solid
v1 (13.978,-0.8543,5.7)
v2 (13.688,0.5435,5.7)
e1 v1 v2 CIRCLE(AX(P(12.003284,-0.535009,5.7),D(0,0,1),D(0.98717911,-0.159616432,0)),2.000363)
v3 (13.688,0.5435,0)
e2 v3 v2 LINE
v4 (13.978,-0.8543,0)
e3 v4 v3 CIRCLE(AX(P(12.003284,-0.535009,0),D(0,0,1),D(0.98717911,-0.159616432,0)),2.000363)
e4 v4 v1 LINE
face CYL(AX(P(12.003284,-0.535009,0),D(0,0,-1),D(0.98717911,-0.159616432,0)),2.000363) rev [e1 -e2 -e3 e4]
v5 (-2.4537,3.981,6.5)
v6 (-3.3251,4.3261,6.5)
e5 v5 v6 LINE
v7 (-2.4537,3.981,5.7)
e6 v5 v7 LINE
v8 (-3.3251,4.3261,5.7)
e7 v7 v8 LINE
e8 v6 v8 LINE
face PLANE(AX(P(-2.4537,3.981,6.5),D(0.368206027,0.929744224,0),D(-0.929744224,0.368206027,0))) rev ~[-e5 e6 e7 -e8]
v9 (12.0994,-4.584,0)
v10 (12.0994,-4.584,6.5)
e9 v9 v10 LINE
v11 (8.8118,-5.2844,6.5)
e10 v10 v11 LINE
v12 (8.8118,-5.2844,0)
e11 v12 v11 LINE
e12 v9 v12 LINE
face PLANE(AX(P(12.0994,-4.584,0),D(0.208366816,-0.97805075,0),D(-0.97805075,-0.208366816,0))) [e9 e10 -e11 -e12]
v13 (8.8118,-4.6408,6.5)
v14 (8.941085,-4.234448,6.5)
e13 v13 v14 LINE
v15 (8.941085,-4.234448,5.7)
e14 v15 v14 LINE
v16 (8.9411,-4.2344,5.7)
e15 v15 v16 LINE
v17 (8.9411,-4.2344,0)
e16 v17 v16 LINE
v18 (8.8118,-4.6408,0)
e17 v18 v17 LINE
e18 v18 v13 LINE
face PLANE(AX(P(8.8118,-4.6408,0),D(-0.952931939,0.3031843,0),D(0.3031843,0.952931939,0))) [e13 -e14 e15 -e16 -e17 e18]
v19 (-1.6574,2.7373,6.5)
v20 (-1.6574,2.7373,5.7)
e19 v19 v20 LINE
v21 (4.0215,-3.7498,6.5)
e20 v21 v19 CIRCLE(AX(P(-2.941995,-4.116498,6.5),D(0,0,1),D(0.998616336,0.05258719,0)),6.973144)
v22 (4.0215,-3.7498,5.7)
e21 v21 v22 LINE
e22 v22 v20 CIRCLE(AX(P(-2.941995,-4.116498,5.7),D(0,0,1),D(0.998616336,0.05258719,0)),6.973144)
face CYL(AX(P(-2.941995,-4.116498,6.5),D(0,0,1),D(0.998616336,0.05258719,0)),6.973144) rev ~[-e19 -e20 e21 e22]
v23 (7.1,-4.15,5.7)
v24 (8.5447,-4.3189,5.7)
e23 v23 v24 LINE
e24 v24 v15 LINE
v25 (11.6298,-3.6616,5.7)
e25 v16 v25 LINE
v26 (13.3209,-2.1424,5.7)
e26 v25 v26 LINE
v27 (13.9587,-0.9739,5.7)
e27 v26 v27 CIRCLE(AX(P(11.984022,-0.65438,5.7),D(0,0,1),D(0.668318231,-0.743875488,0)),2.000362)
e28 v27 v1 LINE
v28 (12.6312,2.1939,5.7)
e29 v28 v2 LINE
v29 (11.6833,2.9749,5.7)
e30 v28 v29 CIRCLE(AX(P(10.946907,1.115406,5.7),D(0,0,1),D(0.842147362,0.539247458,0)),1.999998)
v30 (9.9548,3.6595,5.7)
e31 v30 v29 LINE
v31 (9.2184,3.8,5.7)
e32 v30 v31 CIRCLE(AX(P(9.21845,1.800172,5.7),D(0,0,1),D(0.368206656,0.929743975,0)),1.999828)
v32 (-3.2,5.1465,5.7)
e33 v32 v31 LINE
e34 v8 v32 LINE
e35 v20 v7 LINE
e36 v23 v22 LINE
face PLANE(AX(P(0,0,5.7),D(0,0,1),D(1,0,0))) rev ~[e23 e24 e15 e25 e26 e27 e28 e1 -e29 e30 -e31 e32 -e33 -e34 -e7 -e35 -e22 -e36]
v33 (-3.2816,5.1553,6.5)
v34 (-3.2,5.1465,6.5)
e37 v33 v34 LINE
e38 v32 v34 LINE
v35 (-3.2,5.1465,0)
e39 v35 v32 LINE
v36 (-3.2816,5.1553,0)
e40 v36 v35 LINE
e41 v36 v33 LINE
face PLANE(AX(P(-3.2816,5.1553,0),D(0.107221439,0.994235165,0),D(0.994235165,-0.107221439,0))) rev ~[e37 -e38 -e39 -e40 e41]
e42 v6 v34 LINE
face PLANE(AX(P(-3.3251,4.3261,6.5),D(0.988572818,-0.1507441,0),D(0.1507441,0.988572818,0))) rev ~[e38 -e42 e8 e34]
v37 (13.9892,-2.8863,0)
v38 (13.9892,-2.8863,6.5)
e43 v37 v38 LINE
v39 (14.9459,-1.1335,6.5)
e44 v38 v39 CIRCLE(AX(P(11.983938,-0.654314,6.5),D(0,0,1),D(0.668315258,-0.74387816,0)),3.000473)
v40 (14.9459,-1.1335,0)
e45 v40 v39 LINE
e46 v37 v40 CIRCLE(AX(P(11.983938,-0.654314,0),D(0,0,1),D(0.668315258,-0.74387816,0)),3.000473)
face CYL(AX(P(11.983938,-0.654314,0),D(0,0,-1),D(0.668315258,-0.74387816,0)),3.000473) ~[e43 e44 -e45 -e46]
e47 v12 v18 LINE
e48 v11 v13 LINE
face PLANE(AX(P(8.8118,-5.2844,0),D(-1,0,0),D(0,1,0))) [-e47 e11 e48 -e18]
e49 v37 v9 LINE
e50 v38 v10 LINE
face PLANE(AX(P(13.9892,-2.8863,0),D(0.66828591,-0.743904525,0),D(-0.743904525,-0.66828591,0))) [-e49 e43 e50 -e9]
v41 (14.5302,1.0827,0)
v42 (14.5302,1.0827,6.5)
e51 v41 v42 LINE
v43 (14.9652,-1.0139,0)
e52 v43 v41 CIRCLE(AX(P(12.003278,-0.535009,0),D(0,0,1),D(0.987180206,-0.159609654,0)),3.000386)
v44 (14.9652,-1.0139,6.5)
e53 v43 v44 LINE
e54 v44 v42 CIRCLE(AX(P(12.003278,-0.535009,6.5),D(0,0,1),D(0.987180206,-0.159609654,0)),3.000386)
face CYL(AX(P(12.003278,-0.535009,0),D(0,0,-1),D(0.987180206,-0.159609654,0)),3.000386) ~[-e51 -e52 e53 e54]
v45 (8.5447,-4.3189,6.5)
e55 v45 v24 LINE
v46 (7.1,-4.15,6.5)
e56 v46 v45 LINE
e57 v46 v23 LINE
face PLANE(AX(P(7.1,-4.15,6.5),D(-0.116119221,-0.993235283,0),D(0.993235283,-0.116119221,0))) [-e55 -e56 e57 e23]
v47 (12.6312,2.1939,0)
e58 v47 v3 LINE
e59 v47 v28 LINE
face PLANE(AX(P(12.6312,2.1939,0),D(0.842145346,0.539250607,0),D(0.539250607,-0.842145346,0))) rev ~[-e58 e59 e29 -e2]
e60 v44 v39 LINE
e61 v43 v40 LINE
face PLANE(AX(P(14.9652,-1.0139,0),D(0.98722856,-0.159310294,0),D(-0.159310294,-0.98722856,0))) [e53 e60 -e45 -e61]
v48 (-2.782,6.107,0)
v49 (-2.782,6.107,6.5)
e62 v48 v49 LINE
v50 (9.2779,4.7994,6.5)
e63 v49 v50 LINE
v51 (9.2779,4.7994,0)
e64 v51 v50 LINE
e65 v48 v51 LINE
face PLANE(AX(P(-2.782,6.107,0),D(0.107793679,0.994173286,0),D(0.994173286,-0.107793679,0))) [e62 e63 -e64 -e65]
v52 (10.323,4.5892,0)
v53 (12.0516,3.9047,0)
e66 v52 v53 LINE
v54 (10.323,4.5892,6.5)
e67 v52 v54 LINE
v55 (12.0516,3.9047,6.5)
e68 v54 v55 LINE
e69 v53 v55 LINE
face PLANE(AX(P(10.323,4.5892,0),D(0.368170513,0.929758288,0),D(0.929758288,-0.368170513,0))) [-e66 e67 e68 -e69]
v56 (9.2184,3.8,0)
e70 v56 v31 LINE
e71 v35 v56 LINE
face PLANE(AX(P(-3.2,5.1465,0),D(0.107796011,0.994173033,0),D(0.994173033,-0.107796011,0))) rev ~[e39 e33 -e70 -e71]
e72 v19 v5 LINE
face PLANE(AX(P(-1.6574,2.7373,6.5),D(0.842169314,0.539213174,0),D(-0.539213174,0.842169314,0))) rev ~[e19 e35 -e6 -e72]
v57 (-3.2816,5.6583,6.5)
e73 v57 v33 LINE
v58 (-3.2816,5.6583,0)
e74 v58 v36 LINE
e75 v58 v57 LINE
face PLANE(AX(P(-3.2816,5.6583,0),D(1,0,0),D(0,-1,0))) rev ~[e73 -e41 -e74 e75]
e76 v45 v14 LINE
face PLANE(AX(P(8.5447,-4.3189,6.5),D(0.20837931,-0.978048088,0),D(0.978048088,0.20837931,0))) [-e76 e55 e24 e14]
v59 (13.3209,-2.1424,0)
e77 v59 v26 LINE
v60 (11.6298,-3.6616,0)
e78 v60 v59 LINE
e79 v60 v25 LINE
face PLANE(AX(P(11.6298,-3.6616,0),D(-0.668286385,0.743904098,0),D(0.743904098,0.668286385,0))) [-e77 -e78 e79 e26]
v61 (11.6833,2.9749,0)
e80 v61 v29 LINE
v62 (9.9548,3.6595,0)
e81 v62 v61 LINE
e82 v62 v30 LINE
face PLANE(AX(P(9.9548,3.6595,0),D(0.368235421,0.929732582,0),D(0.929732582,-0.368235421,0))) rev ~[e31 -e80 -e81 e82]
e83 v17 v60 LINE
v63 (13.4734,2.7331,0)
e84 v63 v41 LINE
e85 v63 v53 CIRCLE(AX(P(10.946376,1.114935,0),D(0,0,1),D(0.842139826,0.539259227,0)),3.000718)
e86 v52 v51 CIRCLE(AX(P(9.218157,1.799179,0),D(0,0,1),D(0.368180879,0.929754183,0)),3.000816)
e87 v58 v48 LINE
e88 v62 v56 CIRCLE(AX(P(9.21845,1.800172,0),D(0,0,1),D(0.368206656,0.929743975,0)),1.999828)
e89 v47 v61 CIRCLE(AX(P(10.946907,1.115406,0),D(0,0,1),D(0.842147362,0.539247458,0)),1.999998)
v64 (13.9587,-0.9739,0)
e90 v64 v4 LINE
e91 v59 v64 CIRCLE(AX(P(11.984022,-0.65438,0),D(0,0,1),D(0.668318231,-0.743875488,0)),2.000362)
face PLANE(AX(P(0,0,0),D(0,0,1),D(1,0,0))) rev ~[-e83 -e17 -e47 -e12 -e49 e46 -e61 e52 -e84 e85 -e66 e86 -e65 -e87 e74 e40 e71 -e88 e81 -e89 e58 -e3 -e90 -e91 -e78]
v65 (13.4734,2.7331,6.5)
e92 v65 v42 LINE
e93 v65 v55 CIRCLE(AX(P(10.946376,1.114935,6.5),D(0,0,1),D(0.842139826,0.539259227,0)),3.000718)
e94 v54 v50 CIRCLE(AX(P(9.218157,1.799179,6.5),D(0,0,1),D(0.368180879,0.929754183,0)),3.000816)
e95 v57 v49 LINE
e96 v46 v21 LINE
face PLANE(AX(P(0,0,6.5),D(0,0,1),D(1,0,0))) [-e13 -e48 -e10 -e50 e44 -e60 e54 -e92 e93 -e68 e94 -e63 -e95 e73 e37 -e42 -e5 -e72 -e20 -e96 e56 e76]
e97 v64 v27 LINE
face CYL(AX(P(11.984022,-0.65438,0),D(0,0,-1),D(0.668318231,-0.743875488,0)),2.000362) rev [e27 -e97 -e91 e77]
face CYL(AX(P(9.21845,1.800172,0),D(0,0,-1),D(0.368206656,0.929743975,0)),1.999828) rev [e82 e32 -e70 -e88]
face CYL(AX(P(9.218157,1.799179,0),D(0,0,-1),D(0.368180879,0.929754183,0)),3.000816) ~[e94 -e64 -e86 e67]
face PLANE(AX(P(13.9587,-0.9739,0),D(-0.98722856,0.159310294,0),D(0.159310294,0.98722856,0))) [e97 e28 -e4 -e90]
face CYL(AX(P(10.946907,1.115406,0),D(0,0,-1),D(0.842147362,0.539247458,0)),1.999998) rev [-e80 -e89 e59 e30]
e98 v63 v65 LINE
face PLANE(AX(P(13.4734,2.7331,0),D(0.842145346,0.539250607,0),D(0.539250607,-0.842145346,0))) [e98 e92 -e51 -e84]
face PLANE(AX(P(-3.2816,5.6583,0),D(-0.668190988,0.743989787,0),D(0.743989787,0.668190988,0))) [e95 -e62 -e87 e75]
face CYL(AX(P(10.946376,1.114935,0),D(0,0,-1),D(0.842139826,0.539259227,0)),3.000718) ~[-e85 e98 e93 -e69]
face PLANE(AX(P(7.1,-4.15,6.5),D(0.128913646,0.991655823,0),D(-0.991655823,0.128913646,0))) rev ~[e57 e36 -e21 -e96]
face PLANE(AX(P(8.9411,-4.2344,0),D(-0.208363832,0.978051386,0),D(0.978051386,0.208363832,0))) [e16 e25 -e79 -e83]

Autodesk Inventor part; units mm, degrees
ref_plane "YZ Plane" through (0, 0, 0) normal (1, 0, 0) x (0, 1, 0)
ref_plane "XZ Plane" through (0, 0, 0) normal (0, 1, 0) x (-1, 0, 0)
ref_plane "XY Plane" through (0, 0, 0) normal (0, 0, 1) x (1, 0, 0)
sketch "Boceto1" plane through (0, 0, 0) normal (0, 0, 1) x (1, 0, 0)
  line L0 (8.9411, -4.2344) -> (11.6298, -3.6616)
  line L1 (11.6298, -3.6616) -> (13.3209, -2.1424)
  arc A0 (13.3209, -2.1424) -> (13.9587, -0.9739) centre (11.9843, -0.6546) ccw
  line L2 (13.9587, -0.9739) -> (13.978, -0.8543)
  arc A1 (9.9548, 3.6595) -> (9.2184, 3.8) centre (9.2184, 1.8) ccw
  line L3 (9.9548, 3.6595) -> (11.6833, 2.9749)
  arc A2 (12.6312, 2.1939) -> (11.6833, 2.9749) centre (10.9469, 1.1154) ccw
  line L4 (12.6312, 2.1939) -> (13.688, 0.5435)
  line L5 (14.1, 2.7373) -> (14.1, -1.982) construction
  arc A3 (13.978, -0.8543) -> (13.688, 0.5435) centre (12.0037, -0.535) ccw
  line L6 (-3.2, 5.1465) -> (9.2184, 3.8)
  arc A4 (10.323, 4.5892) -> (9.2779, 4.7994) centre (9.2184, 1.8) ccw
  line L7 (10.323, 4.5892) -> (12.0516, 3.9047)
  arc A5 (13.4734, 2.7331) -> (12.0516, 3.9047) centre (10.9469, 1.1154) ccw
  line L8 (13.4734, 2.7331) -> (14.5302, 1.0827)
  arc A6 (14.9652, -1.0139) -> (14.5302, 1.0827) centre (12.0037, -0.535) ccw
  line L9 (14.9652, -1.0139) -> (14.9459, -1.1335)
  arc A7 (13.9892, -2.8863) -> (14.9459, -1.1335) centre (11.9843, -0.6546) ccw
  line L10 (13.9892, -2.8863) -> (12.0994, -4.584)
  line L11 (12.0994, -4.584) -> (8.8118, -5.2844)
  line L12 (-2.782, 6.107) -> (9.2779, 4.7994)
  line L13 (9.2184, 3.8) -> (-3.2, 5.1465)
  line L14 (-3.2816, 5.1553) -> (-3.2, 5.1465)
  line L15 (8.8118, -4.6408) -> (8.9411, -4.2344)
  line L16 (-3.2816, 5.6583) -> (-2.782, 6.107)
  line L17 (-3.2816, 5.6583) -> (-3.2816, 5.1553)
  line L18 (8.8118, -5.2844) -> (8.8118, -4.6408)
  point P0 (0, 0)
  point P1 (14.1, -0.1)
  point P2 (9.6, 3.8)
  dimension "d1" = 2
  dimension "d2" = 1
extrude "Extrusión1" add sketch "Boceto1" along normal blind 6.5
sketch "Boceto2" plane through (0, 0, 6.5) normal (0, 0, 1) x (1, 0, 0)
  line L0 (7.1, -4.15) -> (7.1, -7.1226) construction
  line L1 (-3.2, 3.2) -> (-3.2, -3.4) construction
  line L2 (-1.4, 3.8) -> (-1.4, 6.2978) construction
  line L3 (14.1, 2.7373) -> (14.1, -1.982) construction
  line L4 (7.1, -4.15) -> (8.5447, -4.3189)
  line L5 (8.5447, -4.3189) -> (11.6298, -3.6616)
  line L6 (11.6298, -3.6616) -> (13.3209, -2.1424)
  line L7 (13.9587, -0.9739) -> (13.978, -0.8543)
  line L8 (9.9548, 3.6595) -> (11.6833, 2.9749)
  line L9 (12.6312, 2.1939) -> (13.688, 0.5435)
  arc A0 (12.6312, 2.1939) -> (11.6833, 2.9749) centre (10.9469, 1.1154) ccw
  arc A1 (9.9548, 3.6595) -> (9.2184, 3.8) centre (9.2184, 1.8) ccw
  arc A2 (13.978, -0.8543) -> (13.688, 0.5435) centre (12.0037, -0.535) ccw
  arc A3 (13.3209, -2.1424) -> (13.9587, -0.9739) centre (11.9843, -0.6546) ccw
  line L10 (-1.6574, 2.7373) -> (-2.4537, 3.981)
  line L11 (-2.4537, 3.981) -> (-3.3251, 4.3261)
  line L12 (-3.3251, 4.3261) -> (-3.2, 5.1465)
  line L13 (-3.2, 5.1465) -> (9.2184, 3.8)
  line L14 (7.1, -4.15) -> (4.0215, -3.7498)
  arc A4 (4.0215, -3.7498) -> (-1.6574, 2.7373) centre (-2.942, -4.1165) ccw
  point P0 (0, 0)
  point P1 (0, 0)
  point P2 (9.6, 3.8)
  point P3 (14.1, -0.1)
  dimension "d7" = 4.15
  dimension "d8" = 10.3
  dimension "d9" = 3.8
  dimension "d10" = 1.8
  dimension "d11" = 11
  dimension "d12" = 7
  dimension "d13" = 2
extrude "Extrusión2" add sketch "Boceto2" against normal blind 0.8
properties part number "Pieza3_Carcasa_3DPrint"
